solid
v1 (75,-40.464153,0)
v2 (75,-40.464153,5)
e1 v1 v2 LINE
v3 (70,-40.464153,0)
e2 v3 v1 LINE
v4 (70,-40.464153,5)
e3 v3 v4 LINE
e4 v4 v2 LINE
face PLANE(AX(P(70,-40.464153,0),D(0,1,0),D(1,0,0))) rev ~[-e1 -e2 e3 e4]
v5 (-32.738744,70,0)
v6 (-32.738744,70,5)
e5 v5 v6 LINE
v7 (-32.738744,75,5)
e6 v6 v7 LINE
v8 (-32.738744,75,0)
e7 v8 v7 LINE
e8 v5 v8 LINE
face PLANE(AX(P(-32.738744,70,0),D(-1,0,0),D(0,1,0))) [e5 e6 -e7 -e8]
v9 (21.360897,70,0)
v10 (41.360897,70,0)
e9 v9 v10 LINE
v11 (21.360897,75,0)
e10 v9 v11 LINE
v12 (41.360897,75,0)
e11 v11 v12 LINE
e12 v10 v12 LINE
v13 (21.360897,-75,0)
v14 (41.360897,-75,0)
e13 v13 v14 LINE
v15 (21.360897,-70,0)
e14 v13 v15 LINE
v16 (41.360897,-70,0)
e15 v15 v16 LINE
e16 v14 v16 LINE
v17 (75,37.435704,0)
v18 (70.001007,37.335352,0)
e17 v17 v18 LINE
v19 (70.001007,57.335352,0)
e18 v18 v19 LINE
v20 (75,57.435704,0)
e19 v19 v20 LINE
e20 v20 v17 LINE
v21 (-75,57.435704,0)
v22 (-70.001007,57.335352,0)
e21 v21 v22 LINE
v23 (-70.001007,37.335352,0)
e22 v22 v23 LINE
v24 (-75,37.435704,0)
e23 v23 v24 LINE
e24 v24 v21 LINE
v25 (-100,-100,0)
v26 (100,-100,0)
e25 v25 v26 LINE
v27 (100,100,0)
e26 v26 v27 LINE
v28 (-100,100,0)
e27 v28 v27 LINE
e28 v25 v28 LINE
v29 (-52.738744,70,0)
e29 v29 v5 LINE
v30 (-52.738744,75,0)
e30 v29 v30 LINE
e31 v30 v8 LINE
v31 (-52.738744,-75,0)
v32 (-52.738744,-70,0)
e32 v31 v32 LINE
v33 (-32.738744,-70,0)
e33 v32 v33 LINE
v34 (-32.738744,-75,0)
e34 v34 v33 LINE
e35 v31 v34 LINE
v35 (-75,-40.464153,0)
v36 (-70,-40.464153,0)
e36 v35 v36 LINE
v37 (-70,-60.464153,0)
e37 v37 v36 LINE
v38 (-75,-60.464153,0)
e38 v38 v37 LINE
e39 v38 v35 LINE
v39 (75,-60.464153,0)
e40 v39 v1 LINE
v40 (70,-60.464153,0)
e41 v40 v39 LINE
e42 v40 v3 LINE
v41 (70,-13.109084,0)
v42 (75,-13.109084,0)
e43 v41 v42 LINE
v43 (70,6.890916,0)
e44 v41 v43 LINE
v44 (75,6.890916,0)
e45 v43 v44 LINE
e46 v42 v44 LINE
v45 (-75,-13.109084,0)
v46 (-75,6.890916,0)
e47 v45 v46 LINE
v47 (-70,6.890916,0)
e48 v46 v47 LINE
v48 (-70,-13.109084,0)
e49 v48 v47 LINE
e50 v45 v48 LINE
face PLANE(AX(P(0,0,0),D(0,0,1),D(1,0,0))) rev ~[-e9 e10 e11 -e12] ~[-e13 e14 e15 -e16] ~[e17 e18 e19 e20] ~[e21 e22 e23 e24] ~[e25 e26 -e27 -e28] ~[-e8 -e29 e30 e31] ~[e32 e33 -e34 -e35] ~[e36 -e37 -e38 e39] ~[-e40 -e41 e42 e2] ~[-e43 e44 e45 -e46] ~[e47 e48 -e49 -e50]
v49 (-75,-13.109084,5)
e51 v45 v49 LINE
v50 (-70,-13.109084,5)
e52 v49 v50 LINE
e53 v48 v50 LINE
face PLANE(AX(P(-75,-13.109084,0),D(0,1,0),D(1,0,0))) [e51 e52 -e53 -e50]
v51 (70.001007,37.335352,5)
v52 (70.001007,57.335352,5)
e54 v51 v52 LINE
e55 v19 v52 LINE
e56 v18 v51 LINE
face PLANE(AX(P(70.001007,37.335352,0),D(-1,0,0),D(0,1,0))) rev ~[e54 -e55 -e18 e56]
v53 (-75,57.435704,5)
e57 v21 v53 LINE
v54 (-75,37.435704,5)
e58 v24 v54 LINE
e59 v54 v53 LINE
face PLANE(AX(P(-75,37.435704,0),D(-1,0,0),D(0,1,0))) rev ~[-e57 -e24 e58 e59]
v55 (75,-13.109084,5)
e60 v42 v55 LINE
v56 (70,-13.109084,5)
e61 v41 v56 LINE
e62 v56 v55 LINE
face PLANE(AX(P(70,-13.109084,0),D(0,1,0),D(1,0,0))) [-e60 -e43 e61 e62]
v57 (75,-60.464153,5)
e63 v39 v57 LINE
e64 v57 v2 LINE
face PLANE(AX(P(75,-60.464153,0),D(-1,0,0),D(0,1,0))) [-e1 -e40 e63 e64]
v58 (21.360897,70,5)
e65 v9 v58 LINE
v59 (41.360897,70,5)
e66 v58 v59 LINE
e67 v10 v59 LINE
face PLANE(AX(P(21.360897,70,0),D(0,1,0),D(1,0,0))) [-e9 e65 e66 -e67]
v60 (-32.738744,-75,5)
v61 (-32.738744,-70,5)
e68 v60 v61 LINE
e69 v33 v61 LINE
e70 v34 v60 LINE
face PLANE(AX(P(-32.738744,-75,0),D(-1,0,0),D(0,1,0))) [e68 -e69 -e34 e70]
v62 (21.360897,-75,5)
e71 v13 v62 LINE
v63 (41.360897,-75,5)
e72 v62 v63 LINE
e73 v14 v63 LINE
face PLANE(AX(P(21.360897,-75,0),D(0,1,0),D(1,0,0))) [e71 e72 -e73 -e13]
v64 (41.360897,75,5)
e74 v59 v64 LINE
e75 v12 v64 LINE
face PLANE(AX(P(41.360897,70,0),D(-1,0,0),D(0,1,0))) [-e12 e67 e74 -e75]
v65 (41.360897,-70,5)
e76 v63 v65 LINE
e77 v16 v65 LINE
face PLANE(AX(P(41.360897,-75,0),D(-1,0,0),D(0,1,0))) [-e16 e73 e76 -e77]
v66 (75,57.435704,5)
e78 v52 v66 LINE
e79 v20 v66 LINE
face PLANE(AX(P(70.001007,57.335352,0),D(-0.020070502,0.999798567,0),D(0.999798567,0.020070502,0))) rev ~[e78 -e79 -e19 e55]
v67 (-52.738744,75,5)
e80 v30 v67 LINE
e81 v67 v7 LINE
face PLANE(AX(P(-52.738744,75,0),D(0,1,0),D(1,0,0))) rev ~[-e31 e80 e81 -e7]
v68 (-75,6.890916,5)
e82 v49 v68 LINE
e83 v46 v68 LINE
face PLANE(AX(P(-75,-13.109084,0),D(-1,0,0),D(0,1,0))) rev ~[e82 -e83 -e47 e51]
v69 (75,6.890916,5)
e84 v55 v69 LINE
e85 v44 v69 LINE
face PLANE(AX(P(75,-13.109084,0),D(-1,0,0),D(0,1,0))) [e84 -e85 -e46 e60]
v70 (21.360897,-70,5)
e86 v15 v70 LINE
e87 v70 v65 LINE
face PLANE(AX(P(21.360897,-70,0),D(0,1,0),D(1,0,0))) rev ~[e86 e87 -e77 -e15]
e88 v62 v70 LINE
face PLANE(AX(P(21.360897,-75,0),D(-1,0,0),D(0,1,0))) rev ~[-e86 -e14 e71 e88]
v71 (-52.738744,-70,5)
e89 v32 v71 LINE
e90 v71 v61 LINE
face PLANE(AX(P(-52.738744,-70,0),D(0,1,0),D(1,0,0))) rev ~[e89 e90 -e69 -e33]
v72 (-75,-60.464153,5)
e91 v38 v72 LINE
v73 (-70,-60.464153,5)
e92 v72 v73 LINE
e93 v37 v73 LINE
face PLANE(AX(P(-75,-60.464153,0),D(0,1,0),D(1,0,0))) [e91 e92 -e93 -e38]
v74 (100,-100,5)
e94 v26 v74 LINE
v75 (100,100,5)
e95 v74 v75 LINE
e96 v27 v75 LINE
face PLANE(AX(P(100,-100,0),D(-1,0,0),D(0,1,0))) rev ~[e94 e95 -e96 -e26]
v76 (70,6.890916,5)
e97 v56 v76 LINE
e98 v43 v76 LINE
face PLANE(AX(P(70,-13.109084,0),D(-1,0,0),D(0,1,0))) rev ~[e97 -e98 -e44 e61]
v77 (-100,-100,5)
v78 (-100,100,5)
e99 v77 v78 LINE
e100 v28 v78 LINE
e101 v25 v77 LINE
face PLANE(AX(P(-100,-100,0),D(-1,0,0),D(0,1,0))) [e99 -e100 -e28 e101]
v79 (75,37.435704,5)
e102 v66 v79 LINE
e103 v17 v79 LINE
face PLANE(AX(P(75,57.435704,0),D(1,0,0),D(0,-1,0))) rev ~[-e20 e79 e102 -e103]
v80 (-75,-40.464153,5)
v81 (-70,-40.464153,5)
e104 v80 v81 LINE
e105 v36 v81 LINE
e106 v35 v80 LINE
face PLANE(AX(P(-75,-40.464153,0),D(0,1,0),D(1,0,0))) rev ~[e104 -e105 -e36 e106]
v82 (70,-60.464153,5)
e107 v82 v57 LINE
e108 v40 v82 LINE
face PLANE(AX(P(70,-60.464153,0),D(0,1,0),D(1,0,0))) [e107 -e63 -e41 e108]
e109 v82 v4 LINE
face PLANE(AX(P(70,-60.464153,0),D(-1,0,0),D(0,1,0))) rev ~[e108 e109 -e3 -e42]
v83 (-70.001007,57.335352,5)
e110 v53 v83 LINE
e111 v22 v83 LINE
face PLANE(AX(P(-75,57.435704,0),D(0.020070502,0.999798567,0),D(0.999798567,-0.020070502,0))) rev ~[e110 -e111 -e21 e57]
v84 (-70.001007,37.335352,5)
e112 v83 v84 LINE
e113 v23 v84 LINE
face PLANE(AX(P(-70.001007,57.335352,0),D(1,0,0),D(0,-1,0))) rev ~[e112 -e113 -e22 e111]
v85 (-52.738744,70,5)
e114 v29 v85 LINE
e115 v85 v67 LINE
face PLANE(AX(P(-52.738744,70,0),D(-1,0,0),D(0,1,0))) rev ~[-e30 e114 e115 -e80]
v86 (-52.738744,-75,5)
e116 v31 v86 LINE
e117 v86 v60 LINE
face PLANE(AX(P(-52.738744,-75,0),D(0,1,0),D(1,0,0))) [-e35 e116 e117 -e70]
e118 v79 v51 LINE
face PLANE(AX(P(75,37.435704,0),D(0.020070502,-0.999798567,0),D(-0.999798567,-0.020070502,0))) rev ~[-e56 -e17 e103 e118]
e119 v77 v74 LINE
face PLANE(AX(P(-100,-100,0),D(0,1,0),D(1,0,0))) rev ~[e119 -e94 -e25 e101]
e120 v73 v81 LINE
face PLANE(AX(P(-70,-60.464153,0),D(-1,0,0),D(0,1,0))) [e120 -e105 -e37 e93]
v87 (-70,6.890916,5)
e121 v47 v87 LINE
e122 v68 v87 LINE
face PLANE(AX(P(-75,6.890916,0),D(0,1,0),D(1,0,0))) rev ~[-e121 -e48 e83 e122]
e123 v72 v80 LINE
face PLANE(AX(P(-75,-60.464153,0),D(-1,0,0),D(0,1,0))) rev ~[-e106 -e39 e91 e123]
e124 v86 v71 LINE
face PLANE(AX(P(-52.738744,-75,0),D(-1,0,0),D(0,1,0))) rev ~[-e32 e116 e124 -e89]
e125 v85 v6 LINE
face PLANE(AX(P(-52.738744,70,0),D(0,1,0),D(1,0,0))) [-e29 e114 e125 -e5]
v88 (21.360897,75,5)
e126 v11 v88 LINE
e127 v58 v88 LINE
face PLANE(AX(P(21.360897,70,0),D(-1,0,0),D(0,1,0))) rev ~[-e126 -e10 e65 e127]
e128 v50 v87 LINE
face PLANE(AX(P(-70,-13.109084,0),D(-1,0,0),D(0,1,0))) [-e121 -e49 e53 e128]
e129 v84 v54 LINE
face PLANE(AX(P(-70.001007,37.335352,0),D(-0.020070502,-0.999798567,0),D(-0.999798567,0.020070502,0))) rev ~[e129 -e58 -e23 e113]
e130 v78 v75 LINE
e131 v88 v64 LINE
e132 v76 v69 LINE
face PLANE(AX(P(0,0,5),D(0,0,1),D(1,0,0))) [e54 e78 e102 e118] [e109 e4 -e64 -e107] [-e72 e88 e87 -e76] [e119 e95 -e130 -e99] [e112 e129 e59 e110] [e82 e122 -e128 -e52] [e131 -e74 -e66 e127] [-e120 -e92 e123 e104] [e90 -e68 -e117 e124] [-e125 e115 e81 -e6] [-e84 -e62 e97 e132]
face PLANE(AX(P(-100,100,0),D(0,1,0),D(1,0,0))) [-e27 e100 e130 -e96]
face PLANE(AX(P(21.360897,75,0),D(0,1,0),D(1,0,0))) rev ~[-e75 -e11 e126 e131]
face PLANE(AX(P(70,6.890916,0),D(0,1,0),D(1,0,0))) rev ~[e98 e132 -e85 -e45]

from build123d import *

# Parameters (mm, degrees)
SKETCH1_W           = 200
SKETCH1_H           = 200
SKETCH1_W_2         = 20
SKETCH1_H_2         = 5
SKETCH1_W_3         = 5
SKETCH1_H_3         = 20
BOSS_EXTRUDE1_DEPTH = 5


with BuildPart() as part:
    # Sketch1 → Boss-Extrude1 (new body)
    with BuildSketch(Plane.XY):
        Rectangle(SKETCH1_W, SKETCH1_H)
        with Locations((-42.738744268, 72.5)):
            Rectangle(SKETCH1_W_2, SKETCH1_H_2, mode=Mode.SUBTRACT)
        with Locations((31.360897281, 72.5)):
            Rectangle(SKETCH1_W_2, SKETCH1_H_2, mode=Mode.SUBTRACT)
        Polygon((-75, 57.435704121), (-70.001007164, 57.335351613), (-70.001007164, 37.335351613), (-75, 37.435704121), align=None, mode=Mode.SUBTRACT)
        with Locations((-72.5, -3.109084485)):
            Rectangle(SKETCH1_W_3, SKETCH1_H_3, mode=Mode.SUBTRACT)
        with Locations((-72.5, -50.464153422)):
            Rectangle(SKETCH1_W_3, SKETCH1_H_3, mode=Mode.SUBTRACT)
        with Locations((31.360897281, -72.5)):
            Rectangle(SKETCH1_W_2, SKETCH1_H_2, mode=Mode.SUBTRACT)
        with Locations((-42.738744268, -72.5)):
            Rectangle(SKETCH1_W_2, SKETCH1_H_2, mode=Mode.SUBTRACT)
        with Locations((72.5, -50.464153422)):
            Rectangle(SKETCH1_W_3, SKETCH1_H_3, mode=Mode.SUBTRACT)
        with Locations((72.5, -3.109084485)):
            Rectangle(SKETCH1_W_3, SKETCH1_H_3, mode=Mode.SUBTRACT)
        Polygon((75, 37.435704121), (70.001007164, 37.335351613), (70.001007164, 57.335351613), (75, 57.435704121), align=None, mode=Mode.SUBTRACT)
    extrude(amount=BOSS_EXTRUDE1_DEPTH)


solid = part.part
